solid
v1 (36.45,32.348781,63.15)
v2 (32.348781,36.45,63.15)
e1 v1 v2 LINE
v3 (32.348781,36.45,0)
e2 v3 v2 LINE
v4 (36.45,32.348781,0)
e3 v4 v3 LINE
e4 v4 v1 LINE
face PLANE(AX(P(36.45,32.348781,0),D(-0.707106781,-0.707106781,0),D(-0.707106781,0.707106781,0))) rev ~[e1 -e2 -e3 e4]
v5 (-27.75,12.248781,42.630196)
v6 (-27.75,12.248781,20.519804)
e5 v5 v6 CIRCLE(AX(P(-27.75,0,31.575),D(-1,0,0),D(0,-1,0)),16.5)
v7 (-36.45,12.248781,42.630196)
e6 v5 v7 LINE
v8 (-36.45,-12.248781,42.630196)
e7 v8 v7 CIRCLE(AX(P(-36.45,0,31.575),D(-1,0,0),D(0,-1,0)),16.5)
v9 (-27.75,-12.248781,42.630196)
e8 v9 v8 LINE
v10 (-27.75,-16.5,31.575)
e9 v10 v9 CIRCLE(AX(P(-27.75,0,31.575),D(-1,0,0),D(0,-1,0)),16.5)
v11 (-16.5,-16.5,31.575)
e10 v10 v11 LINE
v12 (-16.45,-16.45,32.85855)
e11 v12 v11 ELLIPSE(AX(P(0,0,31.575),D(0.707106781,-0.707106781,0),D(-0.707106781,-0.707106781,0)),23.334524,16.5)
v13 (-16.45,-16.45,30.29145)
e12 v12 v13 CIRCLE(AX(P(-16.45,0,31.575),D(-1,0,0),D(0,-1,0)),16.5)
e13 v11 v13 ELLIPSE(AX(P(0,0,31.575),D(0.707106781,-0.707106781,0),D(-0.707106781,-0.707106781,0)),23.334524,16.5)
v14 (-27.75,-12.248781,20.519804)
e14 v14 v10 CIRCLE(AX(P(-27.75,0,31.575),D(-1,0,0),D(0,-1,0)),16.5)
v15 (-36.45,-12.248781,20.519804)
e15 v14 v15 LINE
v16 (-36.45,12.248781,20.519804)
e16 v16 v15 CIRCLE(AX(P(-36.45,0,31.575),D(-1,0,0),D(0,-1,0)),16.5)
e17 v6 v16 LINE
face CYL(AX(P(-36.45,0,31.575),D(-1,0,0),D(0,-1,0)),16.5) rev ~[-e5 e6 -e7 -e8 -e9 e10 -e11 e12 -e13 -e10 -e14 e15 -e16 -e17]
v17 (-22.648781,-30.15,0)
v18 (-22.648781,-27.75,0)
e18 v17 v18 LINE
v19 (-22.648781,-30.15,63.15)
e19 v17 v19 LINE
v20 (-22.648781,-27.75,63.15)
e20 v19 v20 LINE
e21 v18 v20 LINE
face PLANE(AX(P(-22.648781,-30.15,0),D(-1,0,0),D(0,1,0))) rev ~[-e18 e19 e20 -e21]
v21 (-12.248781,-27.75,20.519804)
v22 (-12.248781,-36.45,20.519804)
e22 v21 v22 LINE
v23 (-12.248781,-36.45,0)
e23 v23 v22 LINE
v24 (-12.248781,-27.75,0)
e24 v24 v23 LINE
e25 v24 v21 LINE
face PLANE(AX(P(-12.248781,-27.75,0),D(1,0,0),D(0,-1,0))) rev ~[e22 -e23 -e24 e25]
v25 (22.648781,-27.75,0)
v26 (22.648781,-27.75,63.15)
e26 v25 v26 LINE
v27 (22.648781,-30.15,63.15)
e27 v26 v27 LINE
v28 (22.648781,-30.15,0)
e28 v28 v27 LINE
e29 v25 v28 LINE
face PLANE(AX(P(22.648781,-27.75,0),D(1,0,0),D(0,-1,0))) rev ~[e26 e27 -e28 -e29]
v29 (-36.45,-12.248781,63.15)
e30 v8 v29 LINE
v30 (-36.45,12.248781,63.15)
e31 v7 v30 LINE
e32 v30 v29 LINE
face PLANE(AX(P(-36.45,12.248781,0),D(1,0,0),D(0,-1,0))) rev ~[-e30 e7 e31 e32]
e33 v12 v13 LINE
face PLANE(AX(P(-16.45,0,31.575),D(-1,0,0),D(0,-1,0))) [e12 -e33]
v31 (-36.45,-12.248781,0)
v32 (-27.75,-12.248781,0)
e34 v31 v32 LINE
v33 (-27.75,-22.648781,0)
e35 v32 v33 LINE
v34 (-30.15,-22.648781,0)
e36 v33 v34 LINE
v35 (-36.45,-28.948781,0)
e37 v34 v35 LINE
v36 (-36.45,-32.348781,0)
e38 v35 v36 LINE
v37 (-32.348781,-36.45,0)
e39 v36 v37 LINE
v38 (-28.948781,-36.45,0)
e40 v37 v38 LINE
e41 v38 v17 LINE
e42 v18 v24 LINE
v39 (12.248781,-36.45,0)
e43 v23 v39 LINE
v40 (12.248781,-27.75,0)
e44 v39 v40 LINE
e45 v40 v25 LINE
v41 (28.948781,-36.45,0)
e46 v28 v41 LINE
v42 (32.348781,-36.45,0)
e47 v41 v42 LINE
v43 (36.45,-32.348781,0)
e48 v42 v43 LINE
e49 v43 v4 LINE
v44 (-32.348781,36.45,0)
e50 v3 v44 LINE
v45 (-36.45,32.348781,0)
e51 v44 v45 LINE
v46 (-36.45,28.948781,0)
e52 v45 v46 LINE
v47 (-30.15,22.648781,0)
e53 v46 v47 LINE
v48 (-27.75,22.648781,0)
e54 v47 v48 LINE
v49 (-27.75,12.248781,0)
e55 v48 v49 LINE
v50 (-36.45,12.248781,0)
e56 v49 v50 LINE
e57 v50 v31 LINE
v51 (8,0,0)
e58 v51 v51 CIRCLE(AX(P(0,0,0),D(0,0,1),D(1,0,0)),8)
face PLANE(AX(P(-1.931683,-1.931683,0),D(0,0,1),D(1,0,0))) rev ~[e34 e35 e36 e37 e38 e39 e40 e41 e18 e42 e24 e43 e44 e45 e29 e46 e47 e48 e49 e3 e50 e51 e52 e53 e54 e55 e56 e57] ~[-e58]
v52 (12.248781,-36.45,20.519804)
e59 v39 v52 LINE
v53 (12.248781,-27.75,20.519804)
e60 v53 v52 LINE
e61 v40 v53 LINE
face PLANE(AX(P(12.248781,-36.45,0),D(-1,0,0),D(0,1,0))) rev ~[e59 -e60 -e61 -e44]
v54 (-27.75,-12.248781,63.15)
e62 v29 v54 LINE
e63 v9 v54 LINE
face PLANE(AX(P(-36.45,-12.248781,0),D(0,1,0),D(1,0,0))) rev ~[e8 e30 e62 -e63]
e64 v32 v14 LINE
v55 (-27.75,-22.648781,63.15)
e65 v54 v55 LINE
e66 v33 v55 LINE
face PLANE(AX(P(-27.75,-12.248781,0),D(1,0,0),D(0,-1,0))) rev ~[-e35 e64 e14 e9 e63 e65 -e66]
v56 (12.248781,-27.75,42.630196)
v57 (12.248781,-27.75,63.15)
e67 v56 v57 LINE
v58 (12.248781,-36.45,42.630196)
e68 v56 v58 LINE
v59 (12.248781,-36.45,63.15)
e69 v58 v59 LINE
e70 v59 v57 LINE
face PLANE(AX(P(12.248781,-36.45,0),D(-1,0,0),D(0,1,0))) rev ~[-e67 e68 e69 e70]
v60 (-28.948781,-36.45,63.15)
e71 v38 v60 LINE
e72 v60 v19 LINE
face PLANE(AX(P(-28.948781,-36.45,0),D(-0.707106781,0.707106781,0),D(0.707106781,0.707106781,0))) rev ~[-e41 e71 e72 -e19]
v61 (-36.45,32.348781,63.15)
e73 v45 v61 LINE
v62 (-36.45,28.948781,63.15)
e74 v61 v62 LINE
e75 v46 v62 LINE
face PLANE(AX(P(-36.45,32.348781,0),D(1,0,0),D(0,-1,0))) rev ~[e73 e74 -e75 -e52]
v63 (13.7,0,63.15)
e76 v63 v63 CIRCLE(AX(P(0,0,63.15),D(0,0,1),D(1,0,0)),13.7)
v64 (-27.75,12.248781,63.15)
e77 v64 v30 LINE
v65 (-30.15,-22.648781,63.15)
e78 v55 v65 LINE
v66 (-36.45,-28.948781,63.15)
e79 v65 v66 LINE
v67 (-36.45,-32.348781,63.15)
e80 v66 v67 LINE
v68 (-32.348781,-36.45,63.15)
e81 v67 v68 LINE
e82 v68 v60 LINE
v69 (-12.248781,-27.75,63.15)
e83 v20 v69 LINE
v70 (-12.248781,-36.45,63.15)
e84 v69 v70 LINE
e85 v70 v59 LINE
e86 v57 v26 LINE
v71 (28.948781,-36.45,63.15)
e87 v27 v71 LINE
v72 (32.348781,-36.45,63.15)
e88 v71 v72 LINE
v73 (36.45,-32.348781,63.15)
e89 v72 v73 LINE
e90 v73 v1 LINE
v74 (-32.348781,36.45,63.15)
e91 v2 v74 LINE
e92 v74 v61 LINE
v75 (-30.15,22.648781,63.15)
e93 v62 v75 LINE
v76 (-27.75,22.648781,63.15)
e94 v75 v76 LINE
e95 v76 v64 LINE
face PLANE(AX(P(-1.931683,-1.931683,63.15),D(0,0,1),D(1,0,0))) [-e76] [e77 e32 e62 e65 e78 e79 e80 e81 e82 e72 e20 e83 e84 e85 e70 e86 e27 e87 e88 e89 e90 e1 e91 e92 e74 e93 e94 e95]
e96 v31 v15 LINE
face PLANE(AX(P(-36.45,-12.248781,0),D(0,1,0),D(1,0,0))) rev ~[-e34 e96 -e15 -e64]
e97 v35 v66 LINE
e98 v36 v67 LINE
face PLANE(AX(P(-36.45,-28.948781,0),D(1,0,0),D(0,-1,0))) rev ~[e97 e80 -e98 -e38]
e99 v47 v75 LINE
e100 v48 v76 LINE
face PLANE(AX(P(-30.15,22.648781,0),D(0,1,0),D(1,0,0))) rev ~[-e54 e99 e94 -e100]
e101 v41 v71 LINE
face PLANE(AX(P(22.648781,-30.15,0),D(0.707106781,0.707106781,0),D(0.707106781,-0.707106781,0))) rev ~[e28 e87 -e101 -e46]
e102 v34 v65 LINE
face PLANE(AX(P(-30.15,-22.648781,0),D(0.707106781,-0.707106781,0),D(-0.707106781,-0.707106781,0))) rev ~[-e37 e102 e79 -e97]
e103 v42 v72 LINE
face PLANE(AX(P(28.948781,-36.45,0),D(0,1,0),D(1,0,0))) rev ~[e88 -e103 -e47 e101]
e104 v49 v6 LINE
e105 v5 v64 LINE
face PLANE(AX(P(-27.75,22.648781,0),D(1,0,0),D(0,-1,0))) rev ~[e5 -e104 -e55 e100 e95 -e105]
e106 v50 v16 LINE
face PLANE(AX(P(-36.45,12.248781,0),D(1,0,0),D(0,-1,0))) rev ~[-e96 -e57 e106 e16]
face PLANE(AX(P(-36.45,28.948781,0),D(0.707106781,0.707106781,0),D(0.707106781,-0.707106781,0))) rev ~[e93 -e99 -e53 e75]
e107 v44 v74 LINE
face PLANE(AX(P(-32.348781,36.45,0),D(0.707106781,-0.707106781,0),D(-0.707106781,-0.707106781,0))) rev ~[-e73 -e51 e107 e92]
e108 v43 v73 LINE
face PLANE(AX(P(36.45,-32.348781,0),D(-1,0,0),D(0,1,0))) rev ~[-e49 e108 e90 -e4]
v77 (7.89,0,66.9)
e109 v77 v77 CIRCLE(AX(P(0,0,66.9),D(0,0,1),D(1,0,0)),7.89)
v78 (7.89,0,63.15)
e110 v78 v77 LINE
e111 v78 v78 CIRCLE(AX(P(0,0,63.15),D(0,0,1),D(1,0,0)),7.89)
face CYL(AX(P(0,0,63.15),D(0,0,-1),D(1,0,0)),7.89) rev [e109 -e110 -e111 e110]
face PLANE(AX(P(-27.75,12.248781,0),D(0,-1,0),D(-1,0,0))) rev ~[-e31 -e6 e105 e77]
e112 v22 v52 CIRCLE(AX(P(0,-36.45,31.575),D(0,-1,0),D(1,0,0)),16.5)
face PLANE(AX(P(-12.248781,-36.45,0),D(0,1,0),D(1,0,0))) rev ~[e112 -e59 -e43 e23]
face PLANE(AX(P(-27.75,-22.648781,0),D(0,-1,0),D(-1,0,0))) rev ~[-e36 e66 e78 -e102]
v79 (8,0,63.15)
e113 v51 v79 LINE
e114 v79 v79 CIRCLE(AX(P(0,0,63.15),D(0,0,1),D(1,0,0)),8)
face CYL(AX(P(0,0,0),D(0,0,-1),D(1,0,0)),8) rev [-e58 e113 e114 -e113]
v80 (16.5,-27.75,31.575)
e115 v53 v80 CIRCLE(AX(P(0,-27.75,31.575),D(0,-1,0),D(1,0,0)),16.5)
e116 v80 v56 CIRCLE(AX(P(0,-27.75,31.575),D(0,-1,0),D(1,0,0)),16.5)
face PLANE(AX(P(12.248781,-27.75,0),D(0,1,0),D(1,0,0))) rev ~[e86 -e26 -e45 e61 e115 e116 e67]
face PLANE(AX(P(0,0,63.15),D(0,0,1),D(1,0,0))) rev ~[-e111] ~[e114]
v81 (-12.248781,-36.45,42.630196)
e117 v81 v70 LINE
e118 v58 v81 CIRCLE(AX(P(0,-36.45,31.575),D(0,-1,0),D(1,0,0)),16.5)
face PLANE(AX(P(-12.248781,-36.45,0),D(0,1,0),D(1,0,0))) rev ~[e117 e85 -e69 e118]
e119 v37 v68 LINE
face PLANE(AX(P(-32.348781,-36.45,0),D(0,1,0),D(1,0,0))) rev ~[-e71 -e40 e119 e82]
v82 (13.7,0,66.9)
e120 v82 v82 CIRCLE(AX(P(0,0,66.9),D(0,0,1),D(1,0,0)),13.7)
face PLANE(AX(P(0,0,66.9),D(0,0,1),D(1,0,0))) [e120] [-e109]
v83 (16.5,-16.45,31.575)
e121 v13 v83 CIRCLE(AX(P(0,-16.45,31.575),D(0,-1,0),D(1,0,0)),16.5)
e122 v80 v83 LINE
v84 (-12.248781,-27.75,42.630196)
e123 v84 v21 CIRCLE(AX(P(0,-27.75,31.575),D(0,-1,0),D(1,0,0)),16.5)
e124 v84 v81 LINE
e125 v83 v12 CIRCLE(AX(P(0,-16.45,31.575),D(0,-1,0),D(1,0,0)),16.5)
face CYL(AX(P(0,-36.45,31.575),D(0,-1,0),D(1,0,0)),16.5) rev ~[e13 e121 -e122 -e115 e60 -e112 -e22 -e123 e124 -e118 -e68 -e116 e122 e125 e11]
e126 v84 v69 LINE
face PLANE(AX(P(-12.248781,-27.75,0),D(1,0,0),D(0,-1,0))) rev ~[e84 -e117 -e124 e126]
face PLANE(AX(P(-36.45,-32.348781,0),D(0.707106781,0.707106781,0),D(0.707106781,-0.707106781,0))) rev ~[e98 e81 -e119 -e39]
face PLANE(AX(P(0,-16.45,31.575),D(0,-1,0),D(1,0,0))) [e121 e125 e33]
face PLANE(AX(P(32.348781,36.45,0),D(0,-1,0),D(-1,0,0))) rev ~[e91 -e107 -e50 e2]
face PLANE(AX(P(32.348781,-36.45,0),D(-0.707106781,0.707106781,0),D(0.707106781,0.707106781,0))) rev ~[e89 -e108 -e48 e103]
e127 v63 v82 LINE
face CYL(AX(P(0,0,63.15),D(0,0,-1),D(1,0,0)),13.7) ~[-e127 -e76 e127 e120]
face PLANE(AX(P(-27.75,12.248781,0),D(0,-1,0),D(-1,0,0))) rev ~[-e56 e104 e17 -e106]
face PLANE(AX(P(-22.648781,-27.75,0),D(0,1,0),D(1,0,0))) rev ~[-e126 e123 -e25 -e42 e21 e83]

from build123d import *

# Parameters (mm, degrees)
F0_R     = 8
F1_DEPTH = 63.15
F2_R     = 16.5
F3_DEPTH = 20
F4_R     = 16.5
F5_DEPTH = 20
F6_R     = 13.7
F6_R_2   = 7.89
F7_DEPTH = 3.75


with BuildPart() as f1:
    # F0 (on Top) → F1 (new body)
    with BuildSketch(Plane.XY):
        Polygon((32.348781, 36.45), (-32.348781, 36.45), (-36.45, 32.348781), (-36.45, 28.948781), (-30.15, 22.648781), (-27.75, 22.648781), (-27.75, 12.248781), (-36.45, 12.248781), (-36.45, -12.248781), (-27.75, -12.248781), (-27.75, -22.648781), (-30.15, -22.648781), (-36.45, -28.948781), (-36.45, -32.348781), (-32.348781, -36.45), (-28.948781, -36.45), (-22.648781, -30.15), (-22.648781, -27.75), (-12.248781, -27.75), (-12.248781, -36.45), (12.248781, -36.45), (12.248781, -27.75), (22.648781, -27.75), (22.648781, -30.15), (28.948781, -36.45), (32.348781, -36.45), (36.45, -32.348781), (36.45, 32.348781), align=None)
        Circle(F0_R, mode=Mode.SUBTRACT)
    extrude(amount=F1_DEPTH)

    # F2 (on face) → F3 (cut)
    with BuildSketch(Plane.XZ.offset(36.45)):
        with Locations((0, 31.575)):
            Circle(F2_R)
    extrude(amount=-F3_DEPTH, mode=Mode.SUBTRACT)

    # F4 (on face) → F5 (cut)
    with BuildSketch(Plane(origin=(-36.45, 0, 0), x_dir=(0, -1, 0), z_dir=(-1, 0, 0))):
        with Locations((0, 31.575)):
            Circle(F4_R)
    extrude(amount=-F5_DEPTH, mode=Mode.SUBTRACT)

    # F6 (on face) → F7 (join)
    with BuildSketch(Plane.XY.offset(63.15)):
        Circle(F6_R)
        Circle(F6_R_2, mode=Mode.SUBTRACT)
    extrude(amount=F7_DEPTH)


solid = f1.part
